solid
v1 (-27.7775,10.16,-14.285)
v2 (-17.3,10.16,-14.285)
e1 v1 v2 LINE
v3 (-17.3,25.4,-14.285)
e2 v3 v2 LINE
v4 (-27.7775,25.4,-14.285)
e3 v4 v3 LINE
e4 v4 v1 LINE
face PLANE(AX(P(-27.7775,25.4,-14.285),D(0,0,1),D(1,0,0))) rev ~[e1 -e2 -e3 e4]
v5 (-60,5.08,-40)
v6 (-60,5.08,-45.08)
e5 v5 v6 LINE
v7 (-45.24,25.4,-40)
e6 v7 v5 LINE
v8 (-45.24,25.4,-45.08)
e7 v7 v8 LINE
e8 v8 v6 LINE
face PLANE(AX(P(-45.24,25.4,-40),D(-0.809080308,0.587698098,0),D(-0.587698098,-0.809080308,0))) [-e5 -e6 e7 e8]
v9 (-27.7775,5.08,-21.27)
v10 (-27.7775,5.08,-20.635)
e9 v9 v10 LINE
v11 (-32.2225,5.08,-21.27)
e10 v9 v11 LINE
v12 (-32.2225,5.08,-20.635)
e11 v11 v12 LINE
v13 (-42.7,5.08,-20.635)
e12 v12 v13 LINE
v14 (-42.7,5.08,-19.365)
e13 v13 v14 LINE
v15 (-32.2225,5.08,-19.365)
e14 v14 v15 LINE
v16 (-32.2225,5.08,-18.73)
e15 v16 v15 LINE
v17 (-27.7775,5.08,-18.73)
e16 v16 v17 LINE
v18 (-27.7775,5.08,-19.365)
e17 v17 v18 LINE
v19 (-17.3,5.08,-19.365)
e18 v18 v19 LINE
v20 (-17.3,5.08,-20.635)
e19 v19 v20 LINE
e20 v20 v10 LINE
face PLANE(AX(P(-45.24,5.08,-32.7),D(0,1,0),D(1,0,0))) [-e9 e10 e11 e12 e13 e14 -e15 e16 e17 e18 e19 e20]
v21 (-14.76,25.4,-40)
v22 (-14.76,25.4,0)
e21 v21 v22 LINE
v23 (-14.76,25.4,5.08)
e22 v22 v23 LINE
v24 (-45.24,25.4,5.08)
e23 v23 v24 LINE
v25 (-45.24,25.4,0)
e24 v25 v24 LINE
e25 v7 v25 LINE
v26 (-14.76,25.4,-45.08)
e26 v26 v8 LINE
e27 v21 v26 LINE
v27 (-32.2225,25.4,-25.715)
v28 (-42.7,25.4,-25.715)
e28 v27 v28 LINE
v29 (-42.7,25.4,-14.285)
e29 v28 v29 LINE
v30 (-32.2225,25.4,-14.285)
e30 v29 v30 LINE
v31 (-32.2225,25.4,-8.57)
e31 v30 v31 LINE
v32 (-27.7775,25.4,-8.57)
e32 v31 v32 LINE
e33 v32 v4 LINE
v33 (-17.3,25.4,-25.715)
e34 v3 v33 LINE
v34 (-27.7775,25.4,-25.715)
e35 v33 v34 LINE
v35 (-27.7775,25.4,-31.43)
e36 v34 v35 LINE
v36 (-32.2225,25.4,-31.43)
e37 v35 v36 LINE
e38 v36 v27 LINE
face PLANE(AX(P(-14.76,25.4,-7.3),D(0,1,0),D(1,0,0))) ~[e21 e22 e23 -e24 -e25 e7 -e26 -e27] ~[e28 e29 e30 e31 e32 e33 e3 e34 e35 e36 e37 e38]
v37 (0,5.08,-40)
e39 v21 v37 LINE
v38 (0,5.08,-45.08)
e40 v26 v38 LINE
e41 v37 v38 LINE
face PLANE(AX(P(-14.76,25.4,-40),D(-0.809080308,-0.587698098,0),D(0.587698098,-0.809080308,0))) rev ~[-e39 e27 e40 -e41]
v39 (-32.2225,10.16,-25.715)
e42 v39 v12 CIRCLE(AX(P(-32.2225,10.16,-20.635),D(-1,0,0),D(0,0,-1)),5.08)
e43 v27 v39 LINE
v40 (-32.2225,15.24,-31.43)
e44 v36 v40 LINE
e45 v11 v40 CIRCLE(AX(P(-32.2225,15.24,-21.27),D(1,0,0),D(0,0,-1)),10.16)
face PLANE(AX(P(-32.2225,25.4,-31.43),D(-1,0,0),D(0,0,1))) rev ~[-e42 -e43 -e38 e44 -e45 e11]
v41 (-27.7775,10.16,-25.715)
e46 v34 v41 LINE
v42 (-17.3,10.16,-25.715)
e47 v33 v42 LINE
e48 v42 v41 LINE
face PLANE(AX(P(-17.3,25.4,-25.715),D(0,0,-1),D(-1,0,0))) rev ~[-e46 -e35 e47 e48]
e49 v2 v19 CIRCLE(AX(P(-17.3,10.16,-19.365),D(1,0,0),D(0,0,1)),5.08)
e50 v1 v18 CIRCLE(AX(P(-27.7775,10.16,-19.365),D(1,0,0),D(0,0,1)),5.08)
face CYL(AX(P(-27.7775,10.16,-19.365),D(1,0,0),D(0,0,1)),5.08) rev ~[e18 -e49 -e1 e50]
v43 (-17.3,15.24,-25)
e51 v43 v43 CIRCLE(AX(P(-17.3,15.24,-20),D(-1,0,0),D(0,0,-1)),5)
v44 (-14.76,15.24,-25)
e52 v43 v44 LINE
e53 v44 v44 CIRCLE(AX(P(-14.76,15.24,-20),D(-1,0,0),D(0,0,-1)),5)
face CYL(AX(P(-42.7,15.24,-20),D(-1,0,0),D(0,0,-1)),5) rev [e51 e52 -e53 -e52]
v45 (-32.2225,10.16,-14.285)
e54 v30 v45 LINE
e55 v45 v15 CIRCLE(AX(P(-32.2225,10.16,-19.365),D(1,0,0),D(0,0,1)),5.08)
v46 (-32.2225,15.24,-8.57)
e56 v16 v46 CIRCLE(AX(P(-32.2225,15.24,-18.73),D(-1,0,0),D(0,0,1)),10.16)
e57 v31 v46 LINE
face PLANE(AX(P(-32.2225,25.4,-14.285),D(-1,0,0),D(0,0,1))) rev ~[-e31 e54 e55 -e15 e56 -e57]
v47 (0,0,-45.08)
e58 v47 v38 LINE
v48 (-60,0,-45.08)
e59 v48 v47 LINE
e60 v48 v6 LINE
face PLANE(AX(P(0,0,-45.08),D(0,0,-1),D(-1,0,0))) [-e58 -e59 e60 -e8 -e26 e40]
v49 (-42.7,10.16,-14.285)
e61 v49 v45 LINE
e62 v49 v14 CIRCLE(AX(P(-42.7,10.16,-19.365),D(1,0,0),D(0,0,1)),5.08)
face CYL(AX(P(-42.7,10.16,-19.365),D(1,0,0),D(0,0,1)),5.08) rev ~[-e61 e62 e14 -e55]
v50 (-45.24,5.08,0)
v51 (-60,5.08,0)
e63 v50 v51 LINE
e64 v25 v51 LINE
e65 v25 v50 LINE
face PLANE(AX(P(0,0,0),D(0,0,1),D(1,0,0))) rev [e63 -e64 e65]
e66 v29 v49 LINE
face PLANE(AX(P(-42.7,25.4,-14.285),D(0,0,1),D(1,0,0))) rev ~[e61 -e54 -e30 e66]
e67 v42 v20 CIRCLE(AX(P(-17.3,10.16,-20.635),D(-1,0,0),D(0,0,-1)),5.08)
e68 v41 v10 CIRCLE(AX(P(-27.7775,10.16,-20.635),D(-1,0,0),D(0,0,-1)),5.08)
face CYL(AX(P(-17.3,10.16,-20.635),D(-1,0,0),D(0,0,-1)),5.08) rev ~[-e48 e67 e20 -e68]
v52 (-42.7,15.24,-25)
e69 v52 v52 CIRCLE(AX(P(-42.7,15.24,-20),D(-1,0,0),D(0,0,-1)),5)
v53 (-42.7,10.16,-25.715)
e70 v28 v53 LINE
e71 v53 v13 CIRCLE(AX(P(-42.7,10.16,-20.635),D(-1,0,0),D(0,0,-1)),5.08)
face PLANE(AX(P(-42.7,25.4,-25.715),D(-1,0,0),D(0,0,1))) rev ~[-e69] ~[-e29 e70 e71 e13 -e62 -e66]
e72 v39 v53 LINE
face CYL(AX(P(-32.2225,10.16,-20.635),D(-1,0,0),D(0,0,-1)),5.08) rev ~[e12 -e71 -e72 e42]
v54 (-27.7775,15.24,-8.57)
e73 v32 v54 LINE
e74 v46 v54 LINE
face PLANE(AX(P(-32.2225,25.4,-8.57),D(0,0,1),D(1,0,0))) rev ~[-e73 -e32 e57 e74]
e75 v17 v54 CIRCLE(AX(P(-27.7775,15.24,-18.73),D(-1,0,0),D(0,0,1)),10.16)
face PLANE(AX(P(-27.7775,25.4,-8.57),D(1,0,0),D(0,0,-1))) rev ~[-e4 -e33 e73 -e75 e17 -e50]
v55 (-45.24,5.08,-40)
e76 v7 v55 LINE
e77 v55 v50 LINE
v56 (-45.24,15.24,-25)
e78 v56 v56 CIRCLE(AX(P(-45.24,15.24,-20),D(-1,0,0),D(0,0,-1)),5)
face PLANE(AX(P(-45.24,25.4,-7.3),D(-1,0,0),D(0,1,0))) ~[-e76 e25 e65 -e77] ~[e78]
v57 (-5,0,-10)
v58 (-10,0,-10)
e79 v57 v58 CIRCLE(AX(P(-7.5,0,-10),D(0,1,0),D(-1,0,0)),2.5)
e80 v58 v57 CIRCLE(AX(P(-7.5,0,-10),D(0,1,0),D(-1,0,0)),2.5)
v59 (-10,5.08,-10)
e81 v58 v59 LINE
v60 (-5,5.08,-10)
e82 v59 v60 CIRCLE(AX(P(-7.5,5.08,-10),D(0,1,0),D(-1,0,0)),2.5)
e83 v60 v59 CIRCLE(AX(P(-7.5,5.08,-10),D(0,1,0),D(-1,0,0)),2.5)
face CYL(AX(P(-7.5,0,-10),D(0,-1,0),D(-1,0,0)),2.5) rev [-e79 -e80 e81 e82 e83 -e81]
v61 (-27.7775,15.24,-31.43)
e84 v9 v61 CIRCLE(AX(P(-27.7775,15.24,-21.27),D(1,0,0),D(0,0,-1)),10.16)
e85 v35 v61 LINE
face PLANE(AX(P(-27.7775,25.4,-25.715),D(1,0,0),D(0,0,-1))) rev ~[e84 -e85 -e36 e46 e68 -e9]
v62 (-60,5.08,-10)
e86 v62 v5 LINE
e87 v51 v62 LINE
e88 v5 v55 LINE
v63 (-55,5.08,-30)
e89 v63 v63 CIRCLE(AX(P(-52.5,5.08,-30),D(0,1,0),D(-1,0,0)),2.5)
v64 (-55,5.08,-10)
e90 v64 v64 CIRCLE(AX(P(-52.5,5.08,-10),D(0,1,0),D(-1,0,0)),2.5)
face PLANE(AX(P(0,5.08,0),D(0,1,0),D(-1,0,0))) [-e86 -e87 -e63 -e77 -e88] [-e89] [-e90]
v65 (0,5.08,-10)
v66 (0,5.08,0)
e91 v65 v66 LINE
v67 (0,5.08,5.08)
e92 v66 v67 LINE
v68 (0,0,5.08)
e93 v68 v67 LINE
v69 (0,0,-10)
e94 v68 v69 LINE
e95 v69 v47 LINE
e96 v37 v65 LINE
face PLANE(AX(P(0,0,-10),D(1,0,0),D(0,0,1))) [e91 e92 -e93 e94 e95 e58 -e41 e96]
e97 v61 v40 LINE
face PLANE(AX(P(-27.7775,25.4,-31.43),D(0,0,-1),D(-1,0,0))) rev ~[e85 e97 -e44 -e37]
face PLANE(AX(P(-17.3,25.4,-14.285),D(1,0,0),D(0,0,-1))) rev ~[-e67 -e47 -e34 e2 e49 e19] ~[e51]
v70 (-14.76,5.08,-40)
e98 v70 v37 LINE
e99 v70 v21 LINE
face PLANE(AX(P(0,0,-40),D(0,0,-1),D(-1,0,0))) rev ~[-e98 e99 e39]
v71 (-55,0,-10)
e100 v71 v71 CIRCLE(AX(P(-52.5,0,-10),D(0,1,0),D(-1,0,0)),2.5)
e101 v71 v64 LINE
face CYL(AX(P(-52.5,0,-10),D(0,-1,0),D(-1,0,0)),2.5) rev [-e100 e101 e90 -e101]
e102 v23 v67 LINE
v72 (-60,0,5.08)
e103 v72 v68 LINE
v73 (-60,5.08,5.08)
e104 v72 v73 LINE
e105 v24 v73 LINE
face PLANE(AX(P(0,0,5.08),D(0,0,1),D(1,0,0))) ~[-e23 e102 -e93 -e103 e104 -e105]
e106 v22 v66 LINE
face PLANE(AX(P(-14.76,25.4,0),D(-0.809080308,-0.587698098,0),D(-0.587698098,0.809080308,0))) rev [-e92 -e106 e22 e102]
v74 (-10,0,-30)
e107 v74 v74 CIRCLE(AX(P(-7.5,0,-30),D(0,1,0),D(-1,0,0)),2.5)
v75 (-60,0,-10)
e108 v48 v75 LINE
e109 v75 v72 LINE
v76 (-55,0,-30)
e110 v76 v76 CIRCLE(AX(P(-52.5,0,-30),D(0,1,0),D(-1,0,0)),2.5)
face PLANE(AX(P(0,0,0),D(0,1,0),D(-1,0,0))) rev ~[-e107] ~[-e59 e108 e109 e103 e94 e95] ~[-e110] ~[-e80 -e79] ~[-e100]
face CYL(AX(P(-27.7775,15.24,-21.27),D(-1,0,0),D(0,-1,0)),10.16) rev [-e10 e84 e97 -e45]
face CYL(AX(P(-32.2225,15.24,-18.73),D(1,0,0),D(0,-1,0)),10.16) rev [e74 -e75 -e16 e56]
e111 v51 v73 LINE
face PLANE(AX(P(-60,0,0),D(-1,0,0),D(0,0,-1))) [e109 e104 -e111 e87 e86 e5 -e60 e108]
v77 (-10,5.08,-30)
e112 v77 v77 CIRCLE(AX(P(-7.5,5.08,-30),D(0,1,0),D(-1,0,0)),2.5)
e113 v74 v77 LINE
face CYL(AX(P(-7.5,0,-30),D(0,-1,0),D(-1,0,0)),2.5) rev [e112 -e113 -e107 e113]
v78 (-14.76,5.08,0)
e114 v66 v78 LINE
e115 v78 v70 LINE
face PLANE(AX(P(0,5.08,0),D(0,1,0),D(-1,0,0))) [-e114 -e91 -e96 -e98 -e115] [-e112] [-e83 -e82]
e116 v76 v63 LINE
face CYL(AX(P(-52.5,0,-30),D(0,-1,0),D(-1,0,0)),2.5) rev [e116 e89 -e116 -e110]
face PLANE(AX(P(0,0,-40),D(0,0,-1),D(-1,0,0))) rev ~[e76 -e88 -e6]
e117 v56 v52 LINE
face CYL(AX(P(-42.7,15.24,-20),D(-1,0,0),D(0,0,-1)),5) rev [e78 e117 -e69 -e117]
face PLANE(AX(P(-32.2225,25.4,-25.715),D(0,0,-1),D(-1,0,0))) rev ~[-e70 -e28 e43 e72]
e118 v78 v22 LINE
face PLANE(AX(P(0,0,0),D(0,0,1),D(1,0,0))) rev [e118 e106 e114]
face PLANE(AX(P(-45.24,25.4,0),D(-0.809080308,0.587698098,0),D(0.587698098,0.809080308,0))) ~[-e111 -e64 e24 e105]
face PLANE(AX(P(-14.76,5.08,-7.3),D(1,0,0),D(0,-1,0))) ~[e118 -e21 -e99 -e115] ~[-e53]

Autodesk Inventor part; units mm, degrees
ref_plane "YZ Plane" through (0, 0, 0) normal (1, 0, 0) x (0, 1, 0)
ref_plane "XZ Plane" through (0, 0, 0) normal (0, 1, 0) x (-1, 0, 0)
ref_plane "XY Plane" through (0, 0, 0) normal (0, 0, 1) x (1, 0, 0)
sketch "Sketch1" plane through (0, 0, 0) normal (0, 1, 0) x (-1, 0, 0)
  line L0 (0, 0) -> (60, 0)
  line L1 (60, 0) -> (60, -40)
  line L2 (60, -40) -> (0, -40)
  line L3 (0, -40) -> (0, 0)
  line L4 (0, -20) -> (60, -20)
  line L5 (0, 0) -> (0, -20)
  line L6 (0, -10) -> (7.5, -10)
  line L7 (0, -10) -> (7.5, -10) construction
  circle A0 centre (7.5, -10) radius 2.5
  line L8 (60, -10) -> (52.5, -10)
  circle A1 centre (52.5, -10) radius 2.5
  circle A2 centre (7.5, -30) radius 2.5
  circle A3 centre (52.5, -30) radius 2.5
  dimension "d0" = 60
  dimension "d1" = 40
  dimension "d2" = 7.5
  dimension "d3" = 0
  dimension "d4" = 5
  dimension "d5" = 7.5
  dimension "d6" = 5
extrude "Extrusion1" add sketch "Sketch1" along normal blind 5.08
ref_plane "Work Plane1" through (-30, 0, -40) normal (-1, 0, 0) x (0, 0, 1)
sketch "Sketch2" plane through (-30, 0, -40) normal (-1, 0, 0) x (0, 0, 1)
  line L0 (40, 0) -> (0, 0) projected
  line L1 (0, 0) -> (0, 5.08) projected
  line L2 (40, 5.08) -> (0, 5.08) projected
  line L3 (40, 0) -> (40, 5.08) projected
  line L4 (0, 0) -> (40, 0) projected
  line L5 (20, 0) -> (20, 25.4)
  line L6 (20, 25.4) -> (20, 15.24)
  line L7 (7.3, 5.08) -> (32.7, 5.08)
  line L8 (32.7, 5.08) -> (32.7, 25.4)
  line L9 (32.7, 25.4) -> (7.3, 25.4)
  line L10 (7.3, 25.4) -> (7.3, 5.08)
  line L11 (7.3, 5.08) -> (32.7, 25.4) construction
  line L12 (32.7, 5.08) -> (7.3, 25.4) construction
  dimension "d9" = 25.4
  dimension "d10" = 10.16
  dimension "d11" = 25.4
extrude "Extrusion2" add sketch "Sketch2" along normal mid plane 30.48 contours L5 L9 L8 L2 | L2 L10 L9 L5
sketch "Sketch3" plane through (-45.24, 25.4, -32.7) normal (0, 1, 0) x (1, 0, 0)
  line L0 (30.48, 0) -> (0, 0) projected
  line L1 (0, -25.4) -> (0, 0) projected
  line L2 (30.48, -25.4) -> (0, -25.4) projected
  line L3 (30.48, 0) -> (30.48, -25.4) projected
  line L4 (17.4625, -1.27) -> (13.0175, -1.27)
  line L5 (13.0175, -1.27) -> (13.0175, -24.13)
  line L6 (13.0175, -24.13) -> (17.4625, -24.13)
  line L7 (17.4625, -24.13) -> (17.4625, -1.27)
  line L8 (17.4625, -1.27) -> (13.0175, -24.13) construction
  line L9 (13.0175, -1.27) -> (17.4625, -24.13) construction
  line L10 (27.94, -6.985) -> (2.54, -6.985)
  line L11 (2.54, -6.985) -> (2.54, -18.415)
  line L12 (2.54, -18.415) -> (27.94, -18.415)
  line L13 (27.94, -18.415) -> (27.94, -6.985)
  line L14 (27.94, -6.985) -> (2.54, -18.415) construction
  line L15 (2.54, -6.985) -> (27.94, -18.415) construction
  point P0 (45.24, -32.7)
  point P1 (15.24, -12.7)
  point P2 (15.24, -12.7)
  dimension "d14" = 4.445
  dimension "d15" = 22.86
  dimension "d16" = 25.4
  dimension "d17" = 11.43
extrude "Extrusion3" cut sketch "Sketch3" against normal blind 20.32 contours L7 L10 L5 L4 | L10 L13 L12 L7 | L7 L12 L5 L10 | L5 L12 L11 L10 | L7 L6 L5 L12
fillet "Fillet1" radius 5.08 4 edges at (-37.4613, 5.08, -25.715) (-37.4613, 5.08, -14.285) (-22.5388, 5.08, -14.285) (-22.5388, 5.08, -25.715)
fillet "Fillet2" radius 10.16 2 edges at (-30, 5.08, -31.43) (-30, 5.08, -8.57)
sketch "Sketch4" plane through (-42.7, 25.4, -14.285) normal (1, 0, 0) x (0, 0, -1)
  arc A0 (0, -15.24) -> (5.08, -20.32) centre (5.08, -15.24) ccw projected
  line L0 (5.08, -20.32) -> (6.35, -20.32) projected
  arc A1 (6.35, -20.32) -> (11.43, -15.24) centre (6.35, -15.24) ccw projected
  line L1 (11.43, 0) -> (11.43, -15.24) projected
  line L2 (0, 0) -> (11.43, 0) projected
  line L3 (0, 0) -> (0, -15.24) projected
  line L4 (5.715, 0) -> (5.715, -10.16)
  line L5 (5.715, 0) -> (15.875, 0) construction
  circle A2 centre (5.715, -10.16) radius 5
  point P0 (-14.285, -25.4)
  dimension "d22" = 10.16
  dimension "d23" = 90
  dimension "d24" = 10
extrude "Extrusion4" cut sketch "Sketch4" along normal mid plane 117.1575 contours A2
sketch "Sketch5" plane through (0, 0, -40) normal (0, 0, -1) x (-1, 0, 0)
  line L0 (10, 0) -> (10, 5.08) projected
  line L1 (0, 0) -> (60, 0) projected
  line L2 (60, 0) -> (60, 5.08) projected
  line L3 (0, 5.08) -> (60, 5.08) projected
  line L4 (0, 0) -> (0, 5.08) projected
  line L5 (45.24, 5.08) -> (14.76, 5.08) projected
  line L6 (45.24, 25.4) -> (45.24, 5.08) projected
  line L7 (14.76, 25.4) -> (45.24, 25.4) projected
  line L8 (14.76, 5.08) -> (14.76, 25.4) projected
  line L9 (14.76, 25.4) -> (0, 5.08)
  line L10 (45.24, 5.08) -> (45.24, 25.4) projected
  line L11 (45.24, 25.4) -> (60, 5.08)
extrude "Extrusion5" add sketch "Sketch5" along normal blind 5.08
sketch "Sketch6" plane through (-14.76, 5.08, -32.7) normal (0, 0, -1) x (-1, 0, 0)
  line L0 (13.0175, 0) -> (2.54, 0) projected
  line L1 (30.48, 0) -> (0, 0) projected
  line L2 (30.48, 20.32) -> (30.48, 0) projected
  line L3 (0, 20.32) -> (30.48, 20.32) projected
  line L4 (0, 0) -> (0, 20.32) projected
  point P0 (-14.76, -5.08)
extrude "Extrusion6" add sketch "Sketch6" along normal up to surface (7.3 mm away)
ref_plane "Work Plane2" through (-27.7775, 25.4, -20) normal (0, 0, 1) x (1, 0, 0)
mirror "Mirror1" about plane through (-27.7775, 25.4, -20) normal (0, 0, 1) of "Extrusion5", "Extrusion6"
properties part number "Ythruster"
